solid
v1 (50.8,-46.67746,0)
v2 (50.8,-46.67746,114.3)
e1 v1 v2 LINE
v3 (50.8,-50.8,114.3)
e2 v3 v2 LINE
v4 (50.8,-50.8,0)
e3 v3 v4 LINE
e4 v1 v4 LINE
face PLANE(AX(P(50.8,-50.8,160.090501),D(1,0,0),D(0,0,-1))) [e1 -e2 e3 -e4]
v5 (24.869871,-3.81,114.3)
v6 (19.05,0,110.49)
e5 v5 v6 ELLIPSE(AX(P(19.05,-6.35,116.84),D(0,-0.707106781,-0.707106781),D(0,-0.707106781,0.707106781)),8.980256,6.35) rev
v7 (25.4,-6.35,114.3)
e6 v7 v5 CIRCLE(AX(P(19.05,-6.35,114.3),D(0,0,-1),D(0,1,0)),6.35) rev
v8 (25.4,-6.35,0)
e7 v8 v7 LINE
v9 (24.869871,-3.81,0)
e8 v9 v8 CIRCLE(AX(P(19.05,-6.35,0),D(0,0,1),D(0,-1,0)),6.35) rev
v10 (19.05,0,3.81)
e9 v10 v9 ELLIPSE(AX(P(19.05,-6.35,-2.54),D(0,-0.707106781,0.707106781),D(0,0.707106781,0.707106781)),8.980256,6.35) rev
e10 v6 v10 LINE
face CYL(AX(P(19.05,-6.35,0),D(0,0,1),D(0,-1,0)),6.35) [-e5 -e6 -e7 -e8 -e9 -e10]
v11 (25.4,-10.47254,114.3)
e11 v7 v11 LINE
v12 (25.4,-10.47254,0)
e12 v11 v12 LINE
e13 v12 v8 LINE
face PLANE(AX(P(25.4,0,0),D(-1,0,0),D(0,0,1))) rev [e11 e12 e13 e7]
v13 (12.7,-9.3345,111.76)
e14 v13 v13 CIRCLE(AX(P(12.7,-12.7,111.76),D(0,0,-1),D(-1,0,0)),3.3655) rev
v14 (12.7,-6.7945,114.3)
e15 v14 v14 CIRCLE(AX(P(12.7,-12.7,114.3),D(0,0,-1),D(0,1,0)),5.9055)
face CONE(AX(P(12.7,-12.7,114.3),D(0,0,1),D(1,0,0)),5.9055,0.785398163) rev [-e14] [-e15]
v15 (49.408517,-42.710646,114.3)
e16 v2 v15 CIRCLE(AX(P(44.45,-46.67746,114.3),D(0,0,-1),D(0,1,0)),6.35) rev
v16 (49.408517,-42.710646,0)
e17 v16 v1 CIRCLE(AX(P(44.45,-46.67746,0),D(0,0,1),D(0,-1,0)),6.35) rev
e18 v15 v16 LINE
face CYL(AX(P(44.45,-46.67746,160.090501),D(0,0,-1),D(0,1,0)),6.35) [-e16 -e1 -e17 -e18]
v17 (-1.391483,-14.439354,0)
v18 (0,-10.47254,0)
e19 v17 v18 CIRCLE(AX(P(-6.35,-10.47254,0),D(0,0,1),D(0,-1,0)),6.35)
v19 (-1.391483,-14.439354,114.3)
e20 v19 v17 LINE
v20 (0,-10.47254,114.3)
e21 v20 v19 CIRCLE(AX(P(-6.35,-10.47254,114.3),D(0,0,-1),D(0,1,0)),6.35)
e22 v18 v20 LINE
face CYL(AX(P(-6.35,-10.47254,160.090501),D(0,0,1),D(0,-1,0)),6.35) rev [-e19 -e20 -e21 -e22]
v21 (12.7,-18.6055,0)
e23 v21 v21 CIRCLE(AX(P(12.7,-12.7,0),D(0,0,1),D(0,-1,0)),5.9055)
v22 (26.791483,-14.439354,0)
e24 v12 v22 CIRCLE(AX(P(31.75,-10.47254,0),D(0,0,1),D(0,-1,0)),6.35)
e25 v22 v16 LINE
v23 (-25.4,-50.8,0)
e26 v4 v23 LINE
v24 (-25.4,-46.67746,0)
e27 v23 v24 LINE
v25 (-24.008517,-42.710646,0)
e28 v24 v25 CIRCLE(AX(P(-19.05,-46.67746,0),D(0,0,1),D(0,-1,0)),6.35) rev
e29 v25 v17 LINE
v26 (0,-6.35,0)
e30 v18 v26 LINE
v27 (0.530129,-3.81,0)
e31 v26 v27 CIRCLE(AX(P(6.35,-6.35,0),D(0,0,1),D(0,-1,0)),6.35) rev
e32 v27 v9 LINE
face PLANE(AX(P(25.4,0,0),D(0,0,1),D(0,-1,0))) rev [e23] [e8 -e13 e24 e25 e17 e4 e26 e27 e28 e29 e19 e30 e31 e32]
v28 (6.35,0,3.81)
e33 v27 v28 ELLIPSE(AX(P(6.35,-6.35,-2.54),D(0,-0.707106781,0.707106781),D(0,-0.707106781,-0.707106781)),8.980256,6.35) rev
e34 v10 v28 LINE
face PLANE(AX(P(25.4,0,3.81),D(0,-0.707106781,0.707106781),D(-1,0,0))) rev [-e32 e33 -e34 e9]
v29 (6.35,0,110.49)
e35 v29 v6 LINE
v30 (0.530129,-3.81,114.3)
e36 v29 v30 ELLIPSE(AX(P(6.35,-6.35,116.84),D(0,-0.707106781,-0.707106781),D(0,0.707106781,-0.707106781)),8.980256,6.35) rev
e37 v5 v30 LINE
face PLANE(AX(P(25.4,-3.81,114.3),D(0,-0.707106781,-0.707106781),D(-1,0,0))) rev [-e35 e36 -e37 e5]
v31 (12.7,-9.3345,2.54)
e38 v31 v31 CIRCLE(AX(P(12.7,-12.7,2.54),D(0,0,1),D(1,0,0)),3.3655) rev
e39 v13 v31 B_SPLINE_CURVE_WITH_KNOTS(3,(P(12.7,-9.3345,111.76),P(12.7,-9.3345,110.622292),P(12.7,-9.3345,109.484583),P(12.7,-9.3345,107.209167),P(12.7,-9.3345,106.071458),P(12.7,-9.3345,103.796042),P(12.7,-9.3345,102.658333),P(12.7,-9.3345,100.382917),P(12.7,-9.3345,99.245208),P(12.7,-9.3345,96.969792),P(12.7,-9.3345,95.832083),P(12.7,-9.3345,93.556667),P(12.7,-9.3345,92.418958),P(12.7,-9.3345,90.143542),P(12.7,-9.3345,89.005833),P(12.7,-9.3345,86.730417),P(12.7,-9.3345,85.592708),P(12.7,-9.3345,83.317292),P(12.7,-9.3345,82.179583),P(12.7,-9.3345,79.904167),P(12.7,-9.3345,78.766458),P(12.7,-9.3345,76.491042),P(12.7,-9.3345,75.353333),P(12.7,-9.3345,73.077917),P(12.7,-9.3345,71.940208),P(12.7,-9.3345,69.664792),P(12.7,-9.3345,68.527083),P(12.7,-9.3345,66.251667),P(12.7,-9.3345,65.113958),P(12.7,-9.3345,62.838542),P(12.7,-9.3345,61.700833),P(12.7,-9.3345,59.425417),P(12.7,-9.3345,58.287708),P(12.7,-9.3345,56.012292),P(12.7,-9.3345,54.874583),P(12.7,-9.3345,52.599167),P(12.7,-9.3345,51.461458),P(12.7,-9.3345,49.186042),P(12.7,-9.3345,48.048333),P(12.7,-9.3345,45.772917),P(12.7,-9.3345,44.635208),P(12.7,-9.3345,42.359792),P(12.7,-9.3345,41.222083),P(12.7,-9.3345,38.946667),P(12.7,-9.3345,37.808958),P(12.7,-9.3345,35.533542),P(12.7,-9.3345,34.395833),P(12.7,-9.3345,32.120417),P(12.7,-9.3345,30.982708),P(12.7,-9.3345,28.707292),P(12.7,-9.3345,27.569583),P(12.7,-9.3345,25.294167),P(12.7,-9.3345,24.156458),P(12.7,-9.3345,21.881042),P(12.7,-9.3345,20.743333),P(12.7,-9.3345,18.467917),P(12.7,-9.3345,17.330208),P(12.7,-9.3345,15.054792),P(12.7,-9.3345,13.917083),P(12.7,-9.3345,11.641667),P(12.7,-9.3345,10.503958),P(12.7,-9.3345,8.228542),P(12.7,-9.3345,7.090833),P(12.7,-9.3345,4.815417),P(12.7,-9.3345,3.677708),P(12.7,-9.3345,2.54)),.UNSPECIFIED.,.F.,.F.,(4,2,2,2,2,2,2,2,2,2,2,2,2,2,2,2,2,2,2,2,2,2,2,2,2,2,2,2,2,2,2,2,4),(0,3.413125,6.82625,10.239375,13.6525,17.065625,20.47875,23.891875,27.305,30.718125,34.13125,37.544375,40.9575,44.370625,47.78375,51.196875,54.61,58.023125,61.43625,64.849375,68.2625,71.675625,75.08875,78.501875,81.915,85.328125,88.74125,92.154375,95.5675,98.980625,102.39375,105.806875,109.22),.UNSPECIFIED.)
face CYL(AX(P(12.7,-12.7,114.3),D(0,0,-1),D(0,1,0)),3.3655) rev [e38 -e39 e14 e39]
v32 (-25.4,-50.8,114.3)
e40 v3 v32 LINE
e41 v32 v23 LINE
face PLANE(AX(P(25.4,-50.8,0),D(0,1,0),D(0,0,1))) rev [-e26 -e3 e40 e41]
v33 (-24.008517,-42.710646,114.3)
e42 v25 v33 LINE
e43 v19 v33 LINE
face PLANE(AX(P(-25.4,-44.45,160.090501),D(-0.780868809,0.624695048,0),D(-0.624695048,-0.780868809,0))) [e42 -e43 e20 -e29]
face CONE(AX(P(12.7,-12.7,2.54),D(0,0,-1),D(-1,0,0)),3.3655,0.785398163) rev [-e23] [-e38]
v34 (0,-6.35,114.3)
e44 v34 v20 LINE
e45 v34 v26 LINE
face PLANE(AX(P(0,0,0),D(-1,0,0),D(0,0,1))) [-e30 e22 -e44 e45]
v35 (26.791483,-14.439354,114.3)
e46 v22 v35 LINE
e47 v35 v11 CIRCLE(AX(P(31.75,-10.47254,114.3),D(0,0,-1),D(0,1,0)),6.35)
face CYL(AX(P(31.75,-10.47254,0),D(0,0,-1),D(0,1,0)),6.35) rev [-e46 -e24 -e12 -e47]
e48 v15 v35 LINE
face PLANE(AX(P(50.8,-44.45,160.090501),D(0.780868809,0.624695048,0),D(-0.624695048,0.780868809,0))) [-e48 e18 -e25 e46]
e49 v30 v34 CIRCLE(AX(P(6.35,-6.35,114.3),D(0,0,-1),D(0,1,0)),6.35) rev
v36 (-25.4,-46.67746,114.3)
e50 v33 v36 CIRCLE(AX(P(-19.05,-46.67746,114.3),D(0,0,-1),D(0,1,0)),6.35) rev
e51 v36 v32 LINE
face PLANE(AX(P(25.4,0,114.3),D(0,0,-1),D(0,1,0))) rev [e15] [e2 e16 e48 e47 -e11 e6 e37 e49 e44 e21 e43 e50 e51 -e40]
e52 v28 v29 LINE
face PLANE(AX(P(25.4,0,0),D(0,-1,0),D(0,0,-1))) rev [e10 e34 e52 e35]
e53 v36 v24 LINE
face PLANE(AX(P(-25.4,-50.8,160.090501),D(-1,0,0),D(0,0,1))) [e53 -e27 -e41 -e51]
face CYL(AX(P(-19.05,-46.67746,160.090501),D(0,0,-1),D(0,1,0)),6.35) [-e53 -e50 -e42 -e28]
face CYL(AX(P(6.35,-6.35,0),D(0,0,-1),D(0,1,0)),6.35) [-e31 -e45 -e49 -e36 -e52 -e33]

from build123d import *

# Parameters (mm, degrees)
SKETCH1_W           = 114.3
SKETCH1_H           = 50.8
BOSS_EXTRUDE1_DEPTH = 25.4
SKETCH2_R           = 3.3655
CUT_EXTRUDE1_DEPTH  = 128.633420388
CHAMFER1_SIZE       = 2.54
BOSS_EXTRUDE2_DEPTH = 114.3
CHAMFER2_SIZE       = 3.81
FILLET1_R           = 6.35


with BuildPart() as part:
    # Sketch1 → Boss-Extrude1 (new body)
    with BuildSketch(Plane(origin=(0, 0, 0), x_dir=(0, 0, -1), z_dir=(1, 0, 0))):
        with Locations((-57.15, -25.4)):
            Rectangle(SKETCH1_W, SKETCH1_H)
    extrude(amount=BOSS_EXTRUDE1_DEPTH)

    # Sketch2 → Cut-Extrude1 (cut, through all)
    with BuildSketch(Plane(origin=(0, 0, 0), x_dir=(-1, 0, 0), z_dir=(0, 0, -1))):
        with Locations(Location((-12.7, -12.7, 0), (0, 0, 90))):
            Circle(SKETCH2_R)
    extrude(amount=-CUT_EXTRUDE1_DEPTH, mode=Mode.SUBTRACT)

    # Chamfer1
    chamfer1_edges = [part.edges().sort_by_distance(p)[0] for p in [
        (12.7, -16.0655, 114.3),
        (12.7, -16.0655, 0),
    ]]
    chamfer(chamfer1_edges, length=CHAMFER1_SIZE)

    # Sketch3 → Boss-Extrude2 (add)
    with BuildSketch(Plane(origin=(0, 0, 0), x_dir=(-1, 0, 0), z_dir=(0, 0, -1))):
        Polygon((-50.8, -44.45), (-25.4, -12.7), (-25.4, -50.8), (-50.8, -50.8), align=None)
        Polygon((25.4, -50.8), (25.4, -44.45), (0, -12.7), (0, -50.8), align=None)
    extrude(amount=-BOSS_EXTRUDE2_DEPTH)

    # Chamfer2
    chamfer2_edges = [part.edges().sort_by_distance(p)[0] for p in [
        (12.7, 0, 114.3),
        (12.7, 0, 0),
    ]]
    chamfer(chamfer2_edges, length=CHAMFER2_SIZE)

    # Fillet1
    fillet1_edges = [part.edges().sort_by_distance(p)[0] for p in [
        (-25.4, -44.45, 57.15),
        (0, -12.7, 57.15),
        (0, 0, 57.15),
        (25.4, 0, 57.15),
        (50.8, -44.45, 57.15),
        (25.4, -12.7, 57.15),
    ]]
    fillet(fillet1_edges, radius=FILLET1_R)


solid = part.part
